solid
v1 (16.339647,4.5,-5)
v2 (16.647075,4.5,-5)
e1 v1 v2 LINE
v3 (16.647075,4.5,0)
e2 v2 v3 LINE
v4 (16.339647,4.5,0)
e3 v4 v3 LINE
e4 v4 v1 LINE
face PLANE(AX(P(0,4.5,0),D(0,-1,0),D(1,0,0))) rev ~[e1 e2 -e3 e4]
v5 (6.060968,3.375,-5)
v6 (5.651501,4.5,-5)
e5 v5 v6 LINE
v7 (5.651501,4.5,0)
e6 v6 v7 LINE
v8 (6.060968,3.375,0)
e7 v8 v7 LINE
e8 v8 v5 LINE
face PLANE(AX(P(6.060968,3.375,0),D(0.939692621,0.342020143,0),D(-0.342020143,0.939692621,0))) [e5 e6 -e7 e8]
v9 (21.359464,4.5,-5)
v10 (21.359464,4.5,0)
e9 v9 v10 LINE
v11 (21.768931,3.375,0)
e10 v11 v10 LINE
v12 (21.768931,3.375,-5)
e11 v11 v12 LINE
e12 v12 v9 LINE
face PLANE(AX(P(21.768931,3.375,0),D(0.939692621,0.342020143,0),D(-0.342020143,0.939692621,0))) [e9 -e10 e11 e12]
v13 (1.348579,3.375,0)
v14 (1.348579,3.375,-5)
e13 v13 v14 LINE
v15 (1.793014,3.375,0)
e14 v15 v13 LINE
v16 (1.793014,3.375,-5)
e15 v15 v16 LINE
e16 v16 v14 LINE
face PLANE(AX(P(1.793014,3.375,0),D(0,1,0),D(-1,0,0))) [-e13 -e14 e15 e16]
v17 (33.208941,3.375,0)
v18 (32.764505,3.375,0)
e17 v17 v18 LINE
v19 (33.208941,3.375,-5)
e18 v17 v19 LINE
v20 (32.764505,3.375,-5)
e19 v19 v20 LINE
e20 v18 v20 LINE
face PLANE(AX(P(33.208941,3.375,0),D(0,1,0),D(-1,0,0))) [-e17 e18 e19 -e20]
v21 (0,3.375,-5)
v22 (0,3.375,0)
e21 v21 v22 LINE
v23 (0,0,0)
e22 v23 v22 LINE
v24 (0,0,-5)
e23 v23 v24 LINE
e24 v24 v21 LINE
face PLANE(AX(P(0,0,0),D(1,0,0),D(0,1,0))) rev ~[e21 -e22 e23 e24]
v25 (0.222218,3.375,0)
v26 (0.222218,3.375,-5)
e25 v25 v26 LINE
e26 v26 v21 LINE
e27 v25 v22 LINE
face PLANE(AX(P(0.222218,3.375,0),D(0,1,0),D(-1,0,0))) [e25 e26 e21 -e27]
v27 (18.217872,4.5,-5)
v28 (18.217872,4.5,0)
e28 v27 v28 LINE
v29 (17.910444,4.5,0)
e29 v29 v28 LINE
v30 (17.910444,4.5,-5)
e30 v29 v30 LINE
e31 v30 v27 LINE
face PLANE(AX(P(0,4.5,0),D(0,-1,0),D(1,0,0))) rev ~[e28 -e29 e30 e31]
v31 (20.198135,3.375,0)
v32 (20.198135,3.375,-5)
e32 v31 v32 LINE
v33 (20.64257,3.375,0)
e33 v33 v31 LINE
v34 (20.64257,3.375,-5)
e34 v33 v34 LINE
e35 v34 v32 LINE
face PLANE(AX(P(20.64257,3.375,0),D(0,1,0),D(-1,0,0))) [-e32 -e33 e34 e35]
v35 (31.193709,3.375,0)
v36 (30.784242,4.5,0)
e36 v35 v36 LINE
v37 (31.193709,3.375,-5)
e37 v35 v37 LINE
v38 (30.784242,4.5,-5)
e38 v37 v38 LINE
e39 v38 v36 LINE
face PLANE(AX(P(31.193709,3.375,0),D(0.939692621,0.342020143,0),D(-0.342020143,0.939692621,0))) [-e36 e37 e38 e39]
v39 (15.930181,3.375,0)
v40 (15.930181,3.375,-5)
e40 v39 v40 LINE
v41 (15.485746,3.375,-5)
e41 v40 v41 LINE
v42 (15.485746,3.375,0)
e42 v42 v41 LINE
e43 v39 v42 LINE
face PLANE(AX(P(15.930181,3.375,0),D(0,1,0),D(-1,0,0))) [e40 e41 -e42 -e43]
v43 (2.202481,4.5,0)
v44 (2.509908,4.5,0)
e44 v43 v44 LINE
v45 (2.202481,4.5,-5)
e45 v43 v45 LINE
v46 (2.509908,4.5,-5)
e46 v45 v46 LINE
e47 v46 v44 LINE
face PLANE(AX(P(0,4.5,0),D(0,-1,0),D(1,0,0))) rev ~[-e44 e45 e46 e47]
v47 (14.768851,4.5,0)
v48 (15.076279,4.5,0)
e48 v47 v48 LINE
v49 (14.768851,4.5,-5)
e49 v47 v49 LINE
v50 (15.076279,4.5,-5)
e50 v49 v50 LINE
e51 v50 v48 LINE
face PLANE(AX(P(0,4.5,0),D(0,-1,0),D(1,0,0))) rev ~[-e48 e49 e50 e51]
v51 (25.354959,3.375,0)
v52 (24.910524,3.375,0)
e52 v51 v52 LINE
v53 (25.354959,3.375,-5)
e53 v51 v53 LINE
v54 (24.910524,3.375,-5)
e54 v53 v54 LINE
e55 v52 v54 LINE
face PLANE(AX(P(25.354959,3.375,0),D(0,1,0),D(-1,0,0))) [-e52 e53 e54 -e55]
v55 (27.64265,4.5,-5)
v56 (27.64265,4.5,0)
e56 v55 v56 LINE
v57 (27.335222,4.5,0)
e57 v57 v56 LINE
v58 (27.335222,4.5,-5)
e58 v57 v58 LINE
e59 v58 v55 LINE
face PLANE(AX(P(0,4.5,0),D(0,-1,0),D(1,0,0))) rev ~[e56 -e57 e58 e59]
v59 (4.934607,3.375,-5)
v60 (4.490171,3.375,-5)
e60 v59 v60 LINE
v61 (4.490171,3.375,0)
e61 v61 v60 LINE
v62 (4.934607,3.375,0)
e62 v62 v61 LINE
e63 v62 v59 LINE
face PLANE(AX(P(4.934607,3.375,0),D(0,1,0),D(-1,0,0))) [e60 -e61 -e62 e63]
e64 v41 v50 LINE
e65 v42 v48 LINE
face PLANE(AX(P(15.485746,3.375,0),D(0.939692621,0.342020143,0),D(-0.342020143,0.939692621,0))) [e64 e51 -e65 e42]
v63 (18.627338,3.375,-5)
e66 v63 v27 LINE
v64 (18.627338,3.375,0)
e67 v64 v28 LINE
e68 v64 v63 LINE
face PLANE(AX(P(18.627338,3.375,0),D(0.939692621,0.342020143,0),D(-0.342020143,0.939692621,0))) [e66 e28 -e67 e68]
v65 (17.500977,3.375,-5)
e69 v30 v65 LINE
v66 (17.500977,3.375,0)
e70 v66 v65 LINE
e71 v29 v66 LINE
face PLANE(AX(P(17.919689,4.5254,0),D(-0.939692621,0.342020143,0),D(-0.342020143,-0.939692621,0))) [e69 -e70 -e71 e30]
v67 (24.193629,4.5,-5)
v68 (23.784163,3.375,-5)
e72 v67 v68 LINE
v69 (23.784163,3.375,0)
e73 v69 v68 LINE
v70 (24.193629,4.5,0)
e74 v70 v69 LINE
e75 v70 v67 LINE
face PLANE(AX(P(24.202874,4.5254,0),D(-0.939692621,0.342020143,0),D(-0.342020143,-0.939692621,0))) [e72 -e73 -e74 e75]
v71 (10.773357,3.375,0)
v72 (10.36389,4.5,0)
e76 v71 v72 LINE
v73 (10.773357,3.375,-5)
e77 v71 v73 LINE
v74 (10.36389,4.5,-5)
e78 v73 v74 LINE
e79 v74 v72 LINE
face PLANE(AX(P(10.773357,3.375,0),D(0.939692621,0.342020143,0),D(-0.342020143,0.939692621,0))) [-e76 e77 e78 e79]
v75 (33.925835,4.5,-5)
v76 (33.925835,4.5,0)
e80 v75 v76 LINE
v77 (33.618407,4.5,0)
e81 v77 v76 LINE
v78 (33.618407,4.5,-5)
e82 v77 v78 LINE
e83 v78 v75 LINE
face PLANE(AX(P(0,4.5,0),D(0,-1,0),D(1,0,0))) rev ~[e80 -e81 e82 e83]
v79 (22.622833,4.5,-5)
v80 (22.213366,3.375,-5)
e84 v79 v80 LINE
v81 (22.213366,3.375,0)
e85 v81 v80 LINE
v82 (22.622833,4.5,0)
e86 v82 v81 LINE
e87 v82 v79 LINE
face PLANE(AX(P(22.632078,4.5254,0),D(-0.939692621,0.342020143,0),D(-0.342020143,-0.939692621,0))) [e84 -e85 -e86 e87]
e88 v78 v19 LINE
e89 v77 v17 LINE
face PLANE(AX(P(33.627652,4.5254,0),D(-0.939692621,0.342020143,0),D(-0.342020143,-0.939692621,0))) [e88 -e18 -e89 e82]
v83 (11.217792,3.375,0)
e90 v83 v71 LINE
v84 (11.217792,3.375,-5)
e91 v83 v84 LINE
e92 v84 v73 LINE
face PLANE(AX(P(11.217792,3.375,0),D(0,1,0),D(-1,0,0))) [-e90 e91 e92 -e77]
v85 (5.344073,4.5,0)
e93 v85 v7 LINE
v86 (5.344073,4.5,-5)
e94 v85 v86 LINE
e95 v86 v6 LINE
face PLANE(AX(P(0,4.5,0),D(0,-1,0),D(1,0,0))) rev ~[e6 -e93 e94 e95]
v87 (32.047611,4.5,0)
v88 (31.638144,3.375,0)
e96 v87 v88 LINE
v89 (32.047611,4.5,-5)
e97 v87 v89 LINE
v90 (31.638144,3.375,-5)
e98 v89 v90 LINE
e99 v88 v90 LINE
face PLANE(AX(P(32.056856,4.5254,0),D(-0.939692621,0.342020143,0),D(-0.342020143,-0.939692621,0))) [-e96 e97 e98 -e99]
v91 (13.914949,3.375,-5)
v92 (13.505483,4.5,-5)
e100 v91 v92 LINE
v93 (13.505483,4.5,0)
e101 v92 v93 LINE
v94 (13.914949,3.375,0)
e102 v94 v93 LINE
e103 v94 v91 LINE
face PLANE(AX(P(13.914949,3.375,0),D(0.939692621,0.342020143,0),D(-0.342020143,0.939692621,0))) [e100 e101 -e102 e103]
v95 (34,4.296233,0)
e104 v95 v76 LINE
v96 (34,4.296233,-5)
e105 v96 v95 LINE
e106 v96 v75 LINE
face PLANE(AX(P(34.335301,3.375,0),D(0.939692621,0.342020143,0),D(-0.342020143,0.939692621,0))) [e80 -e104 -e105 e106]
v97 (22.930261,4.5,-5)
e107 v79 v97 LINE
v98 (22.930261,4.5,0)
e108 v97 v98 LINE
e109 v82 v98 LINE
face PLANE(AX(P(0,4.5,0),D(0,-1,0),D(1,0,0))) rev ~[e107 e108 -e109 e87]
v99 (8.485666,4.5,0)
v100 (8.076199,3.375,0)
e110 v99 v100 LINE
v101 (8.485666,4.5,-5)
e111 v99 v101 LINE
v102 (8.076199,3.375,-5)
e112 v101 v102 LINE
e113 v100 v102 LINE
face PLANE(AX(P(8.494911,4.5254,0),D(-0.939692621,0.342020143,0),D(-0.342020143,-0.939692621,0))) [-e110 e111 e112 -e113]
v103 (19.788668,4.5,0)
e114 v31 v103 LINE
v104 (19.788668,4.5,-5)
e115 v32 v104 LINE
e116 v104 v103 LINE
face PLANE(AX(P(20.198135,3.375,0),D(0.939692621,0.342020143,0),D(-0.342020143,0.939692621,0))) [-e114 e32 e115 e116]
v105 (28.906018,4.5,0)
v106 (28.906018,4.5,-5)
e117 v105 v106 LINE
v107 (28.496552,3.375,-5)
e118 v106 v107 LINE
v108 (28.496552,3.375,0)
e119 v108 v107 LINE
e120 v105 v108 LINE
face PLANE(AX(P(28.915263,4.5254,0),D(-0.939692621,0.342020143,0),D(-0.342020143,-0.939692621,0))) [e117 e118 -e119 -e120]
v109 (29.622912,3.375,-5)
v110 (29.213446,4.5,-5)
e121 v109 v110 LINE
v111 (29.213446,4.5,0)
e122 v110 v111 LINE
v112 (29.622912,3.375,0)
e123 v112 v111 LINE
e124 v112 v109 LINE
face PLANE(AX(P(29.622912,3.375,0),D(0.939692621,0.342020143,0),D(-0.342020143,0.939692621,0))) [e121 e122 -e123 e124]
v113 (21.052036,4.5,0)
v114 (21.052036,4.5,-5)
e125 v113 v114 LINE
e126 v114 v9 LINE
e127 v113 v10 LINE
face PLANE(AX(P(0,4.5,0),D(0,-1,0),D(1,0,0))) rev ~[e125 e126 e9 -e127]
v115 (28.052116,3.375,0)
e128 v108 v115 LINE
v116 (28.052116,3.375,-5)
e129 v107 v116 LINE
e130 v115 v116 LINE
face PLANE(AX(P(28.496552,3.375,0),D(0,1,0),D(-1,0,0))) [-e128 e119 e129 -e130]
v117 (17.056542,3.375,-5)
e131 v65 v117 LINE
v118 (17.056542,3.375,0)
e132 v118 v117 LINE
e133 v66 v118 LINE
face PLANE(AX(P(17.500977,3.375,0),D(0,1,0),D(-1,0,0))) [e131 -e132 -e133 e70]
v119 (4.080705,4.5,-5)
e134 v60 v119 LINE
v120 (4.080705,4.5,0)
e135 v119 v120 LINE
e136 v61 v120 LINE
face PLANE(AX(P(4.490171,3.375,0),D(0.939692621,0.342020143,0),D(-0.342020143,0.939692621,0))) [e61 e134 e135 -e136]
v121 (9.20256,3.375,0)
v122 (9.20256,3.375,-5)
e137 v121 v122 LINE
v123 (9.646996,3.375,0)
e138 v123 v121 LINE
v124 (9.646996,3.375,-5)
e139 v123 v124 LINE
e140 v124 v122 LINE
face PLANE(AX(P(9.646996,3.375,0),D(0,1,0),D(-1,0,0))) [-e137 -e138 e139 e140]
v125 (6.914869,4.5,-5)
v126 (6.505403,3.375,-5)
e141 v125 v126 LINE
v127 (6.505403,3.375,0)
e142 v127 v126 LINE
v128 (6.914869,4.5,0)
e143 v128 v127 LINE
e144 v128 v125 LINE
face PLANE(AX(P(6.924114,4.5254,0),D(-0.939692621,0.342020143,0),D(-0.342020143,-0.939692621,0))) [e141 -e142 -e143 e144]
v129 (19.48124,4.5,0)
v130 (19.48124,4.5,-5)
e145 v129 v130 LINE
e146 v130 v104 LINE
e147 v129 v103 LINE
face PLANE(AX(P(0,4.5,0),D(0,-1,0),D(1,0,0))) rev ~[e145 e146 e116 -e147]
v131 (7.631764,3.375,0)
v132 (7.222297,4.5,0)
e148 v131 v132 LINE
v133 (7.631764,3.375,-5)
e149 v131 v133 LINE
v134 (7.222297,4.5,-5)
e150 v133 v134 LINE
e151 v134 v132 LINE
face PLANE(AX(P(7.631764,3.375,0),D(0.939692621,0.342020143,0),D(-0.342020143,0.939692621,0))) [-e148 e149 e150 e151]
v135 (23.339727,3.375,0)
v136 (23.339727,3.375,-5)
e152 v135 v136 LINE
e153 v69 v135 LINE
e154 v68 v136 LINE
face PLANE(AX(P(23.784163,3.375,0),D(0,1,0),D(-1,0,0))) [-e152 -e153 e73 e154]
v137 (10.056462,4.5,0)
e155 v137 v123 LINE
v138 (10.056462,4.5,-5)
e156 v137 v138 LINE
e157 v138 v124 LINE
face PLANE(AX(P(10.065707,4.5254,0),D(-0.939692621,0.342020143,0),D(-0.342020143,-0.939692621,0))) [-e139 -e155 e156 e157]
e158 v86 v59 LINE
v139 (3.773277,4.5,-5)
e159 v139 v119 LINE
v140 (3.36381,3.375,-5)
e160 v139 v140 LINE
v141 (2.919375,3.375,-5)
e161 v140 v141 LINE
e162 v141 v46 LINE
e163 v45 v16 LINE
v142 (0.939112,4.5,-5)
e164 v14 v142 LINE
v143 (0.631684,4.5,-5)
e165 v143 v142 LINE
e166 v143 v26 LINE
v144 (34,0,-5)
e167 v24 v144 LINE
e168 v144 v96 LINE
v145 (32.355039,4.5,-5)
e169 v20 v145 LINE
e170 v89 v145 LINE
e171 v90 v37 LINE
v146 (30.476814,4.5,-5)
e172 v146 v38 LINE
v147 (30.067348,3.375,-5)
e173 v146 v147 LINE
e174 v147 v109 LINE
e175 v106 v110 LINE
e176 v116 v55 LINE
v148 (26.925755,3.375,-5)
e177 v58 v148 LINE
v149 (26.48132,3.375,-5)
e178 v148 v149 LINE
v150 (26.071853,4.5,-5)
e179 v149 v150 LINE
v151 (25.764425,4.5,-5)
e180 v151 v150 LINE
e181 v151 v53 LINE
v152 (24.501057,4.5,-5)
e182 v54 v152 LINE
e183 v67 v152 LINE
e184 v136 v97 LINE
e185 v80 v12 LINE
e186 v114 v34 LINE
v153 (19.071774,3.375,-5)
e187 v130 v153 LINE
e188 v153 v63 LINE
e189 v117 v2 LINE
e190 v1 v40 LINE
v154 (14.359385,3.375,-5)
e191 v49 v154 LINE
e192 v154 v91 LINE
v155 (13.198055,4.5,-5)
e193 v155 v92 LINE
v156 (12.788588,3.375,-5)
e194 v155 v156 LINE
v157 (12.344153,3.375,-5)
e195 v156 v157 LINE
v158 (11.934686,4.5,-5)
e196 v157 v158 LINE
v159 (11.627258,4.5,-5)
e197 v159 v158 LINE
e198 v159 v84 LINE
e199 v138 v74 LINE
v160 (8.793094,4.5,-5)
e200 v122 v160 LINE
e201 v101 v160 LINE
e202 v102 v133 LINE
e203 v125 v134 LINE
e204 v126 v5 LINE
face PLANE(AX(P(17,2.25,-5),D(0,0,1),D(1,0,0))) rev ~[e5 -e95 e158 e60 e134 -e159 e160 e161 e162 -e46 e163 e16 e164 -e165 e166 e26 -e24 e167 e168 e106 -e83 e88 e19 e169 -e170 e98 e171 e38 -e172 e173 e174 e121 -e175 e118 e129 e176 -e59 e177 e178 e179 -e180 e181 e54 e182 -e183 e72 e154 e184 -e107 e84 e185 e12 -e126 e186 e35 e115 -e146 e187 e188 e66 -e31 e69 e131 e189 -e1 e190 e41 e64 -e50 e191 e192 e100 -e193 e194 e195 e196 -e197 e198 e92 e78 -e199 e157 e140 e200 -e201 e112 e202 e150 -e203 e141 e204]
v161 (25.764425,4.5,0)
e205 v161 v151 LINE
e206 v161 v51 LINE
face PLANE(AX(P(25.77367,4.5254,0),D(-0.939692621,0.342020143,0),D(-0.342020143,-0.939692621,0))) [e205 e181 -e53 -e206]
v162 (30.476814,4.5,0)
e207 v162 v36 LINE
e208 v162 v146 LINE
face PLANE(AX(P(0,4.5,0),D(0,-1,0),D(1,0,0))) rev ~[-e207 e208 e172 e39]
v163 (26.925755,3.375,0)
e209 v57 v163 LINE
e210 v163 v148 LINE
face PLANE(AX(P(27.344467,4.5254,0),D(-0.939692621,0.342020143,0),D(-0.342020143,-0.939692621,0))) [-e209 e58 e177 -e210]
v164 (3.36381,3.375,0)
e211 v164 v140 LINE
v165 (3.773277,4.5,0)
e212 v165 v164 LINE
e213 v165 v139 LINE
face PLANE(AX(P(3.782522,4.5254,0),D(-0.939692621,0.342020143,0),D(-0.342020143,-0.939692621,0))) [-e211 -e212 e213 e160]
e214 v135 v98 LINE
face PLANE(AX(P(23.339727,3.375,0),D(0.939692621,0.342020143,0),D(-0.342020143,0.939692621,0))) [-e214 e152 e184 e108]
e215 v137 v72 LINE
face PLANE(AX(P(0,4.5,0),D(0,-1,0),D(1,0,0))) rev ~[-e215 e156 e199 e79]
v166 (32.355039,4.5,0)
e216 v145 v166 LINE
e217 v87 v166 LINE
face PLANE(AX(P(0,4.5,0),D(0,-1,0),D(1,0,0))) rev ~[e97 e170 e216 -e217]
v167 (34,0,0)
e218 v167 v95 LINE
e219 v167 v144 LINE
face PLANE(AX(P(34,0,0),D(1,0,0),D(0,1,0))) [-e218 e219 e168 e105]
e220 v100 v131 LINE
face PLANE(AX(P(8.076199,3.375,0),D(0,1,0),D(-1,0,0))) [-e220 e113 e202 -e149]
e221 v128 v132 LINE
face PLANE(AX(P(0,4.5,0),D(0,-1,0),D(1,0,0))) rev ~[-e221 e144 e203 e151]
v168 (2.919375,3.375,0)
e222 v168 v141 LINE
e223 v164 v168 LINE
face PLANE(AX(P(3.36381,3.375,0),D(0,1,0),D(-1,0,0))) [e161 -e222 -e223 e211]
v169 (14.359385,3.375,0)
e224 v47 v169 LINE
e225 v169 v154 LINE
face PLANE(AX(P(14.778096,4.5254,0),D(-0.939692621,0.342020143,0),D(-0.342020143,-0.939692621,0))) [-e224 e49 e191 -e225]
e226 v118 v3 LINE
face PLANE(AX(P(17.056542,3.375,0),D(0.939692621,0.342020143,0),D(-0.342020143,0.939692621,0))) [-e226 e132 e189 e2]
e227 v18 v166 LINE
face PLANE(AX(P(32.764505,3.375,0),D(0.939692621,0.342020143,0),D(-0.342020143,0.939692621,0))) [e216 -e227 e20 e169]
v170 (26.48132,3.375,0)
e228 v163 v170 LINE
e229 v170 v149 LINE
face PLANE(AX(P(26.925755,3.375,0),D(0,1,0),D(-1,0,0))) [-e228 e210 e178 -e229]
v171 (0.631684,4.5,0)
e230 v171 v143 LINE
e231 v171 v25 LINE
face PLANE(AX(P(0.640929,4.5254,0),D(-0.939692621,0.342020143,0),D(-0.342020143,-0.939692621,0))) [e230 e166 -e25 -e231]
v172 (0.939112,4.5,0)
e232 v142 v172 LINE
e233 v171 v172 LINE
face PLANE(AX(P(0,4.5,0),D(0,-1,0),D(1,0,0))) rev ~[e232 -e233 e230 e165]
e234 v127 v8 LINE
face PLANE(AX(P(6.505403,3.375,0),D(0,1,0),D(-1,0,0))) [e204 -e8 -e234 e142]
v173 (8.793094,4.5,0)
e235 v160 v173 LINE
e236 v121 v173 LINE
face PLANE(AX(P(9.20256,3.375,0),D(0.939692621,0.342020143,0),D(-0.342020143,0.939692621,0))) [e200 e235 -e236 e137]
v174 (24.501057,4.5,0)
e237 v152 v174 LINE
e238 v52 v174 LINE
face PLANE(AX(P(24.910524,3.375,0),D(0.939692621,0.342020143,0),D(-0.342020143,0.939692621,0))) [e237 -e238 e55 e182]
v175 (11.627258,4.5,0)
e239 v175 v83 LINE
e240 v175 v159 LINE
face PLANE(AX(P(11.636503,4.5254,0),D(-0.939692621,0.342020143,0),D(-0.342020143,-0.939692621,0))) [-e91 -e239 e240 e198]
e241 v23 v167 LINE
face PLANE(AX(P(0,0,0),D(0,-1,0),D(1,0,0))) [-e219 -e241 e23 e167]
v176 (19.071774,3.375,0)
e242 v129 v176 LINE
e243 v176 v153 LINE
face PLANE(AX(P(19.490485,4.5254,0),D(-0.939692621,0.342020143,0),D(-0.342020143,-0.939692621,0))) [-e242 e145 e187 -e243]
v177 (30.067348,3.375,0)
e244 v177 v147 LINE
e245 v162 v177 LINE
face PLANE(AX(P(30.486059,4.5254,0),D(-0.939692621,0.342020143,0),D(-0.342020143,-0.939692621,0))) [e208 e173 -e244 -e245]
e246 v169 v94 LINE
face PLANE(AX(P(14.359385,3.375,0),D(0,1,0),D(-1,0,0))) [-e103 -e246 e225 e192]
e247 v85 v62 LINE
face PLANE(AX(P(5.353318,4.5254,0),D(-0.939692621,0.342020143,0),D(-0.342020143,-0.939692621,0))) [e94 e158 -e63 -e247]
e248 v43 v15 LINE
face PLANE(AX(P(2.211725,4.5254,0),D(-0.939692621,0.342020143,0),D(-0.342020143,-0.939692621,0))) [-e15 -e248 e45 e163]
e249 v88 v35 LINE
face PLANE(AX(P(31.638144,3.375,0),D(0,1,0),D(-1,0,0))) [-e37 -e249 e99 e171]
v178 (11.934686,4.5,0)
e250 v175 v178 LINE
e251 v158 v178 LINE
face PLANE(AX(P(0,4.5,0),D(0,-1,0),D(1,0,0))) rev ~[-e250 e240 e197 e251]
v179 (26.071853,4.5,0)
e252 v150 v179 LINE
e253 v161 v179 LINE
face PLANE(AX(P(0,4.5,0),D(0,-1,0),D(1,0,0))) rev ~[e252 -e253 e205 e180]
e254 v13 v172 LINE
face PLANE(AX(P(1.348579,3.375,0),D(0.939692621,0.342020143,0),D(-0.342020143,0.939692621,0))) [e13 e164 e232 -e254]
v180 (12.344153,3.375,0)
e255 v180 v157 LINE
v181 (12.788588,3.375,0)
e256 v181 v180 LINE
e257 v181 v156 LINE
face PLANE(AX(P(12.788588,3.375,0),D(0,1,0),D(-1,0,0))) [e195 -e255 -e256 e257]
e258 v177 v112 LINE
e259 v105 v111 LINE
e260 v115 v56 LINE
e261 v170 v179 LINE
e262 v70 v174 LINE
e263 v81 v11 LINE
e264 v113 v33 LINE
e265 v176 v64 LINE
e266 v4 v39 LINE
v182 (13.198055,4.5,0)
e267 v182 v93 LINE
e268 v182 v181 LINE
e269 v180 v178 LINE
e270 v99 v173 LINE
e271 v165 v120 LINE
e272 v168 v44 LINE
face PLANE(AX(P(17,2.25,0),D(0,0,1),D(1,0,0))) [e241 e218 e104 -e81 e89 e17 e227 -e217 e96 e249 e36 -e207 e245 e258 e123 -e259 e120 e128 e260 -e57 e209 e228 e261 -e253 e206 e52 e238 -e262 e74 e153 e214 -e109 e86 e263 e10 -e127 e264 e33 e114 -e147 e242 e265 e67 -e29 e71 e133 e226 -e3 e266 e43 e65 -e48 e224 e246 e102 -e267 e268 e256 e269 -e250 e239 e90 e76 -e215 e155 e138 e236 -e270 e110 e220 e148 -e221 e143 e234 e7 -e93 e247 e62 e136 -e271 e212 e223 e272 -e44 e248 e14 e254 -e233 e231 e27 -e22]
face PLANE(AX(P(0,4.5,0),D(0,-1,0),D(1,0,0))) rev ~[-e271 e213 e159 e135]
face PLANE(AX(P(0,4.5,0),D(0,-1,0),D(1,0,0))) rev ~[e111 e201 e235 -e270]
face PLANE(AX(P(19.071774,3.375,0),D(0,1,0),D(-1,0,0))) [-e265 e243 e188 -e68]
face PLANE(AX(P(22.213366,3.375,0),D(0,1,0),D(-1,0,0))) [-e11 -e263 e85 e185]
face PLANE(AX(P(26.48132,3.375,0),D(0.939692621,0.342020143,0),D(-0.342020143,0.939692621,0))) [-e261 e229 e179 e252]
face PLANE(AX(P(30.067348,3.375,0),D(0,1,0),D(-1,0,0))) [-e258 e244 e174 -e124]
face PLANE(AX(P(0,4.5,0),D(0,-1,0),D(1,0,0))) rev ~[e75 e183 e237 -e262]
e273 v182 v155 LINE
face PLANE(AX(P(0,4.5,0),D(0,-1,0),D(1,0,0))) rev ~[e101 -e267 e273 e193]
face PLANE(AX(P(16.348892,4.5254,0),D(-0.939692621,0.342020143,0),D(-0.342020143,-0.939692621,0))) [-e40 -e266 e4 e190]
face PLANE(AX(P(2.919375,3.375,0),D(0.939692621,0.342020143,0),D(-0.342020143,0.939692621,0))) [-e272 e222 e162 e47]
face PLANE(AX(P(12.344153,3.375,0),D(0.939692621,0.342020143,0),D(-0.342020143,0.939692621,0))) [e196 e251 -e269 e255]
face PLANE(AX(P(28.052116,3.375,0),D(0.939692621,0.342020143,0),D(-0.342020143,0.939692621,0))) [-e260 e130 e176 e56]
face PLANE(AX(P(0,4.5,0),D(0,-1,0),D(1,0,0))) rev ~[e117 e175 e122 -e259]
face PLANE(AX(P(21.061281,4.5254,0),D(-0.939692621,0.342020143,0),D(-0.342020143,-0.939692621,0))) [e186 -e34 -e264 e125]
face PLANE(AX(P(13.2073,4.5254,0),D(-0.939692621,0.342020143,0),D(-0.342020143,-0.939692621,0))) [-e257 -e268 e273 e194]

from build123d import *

# Parameters (mm, degrees)
BLANKSKE_W        = 34
BLANKSKE_H        = 4.5
BLANK_DEPTH       = 5
TOOTHCUTSIM_DEPTH = 35.659053651
TEETHCUTS_COUNT   = 23
TEETHCUTS_PITCH   = 1.570796325


with BuildPart() as part:
    # BlankSke → Blank (new body)
    with BuildSketch(Plane.XY):
        with Locations((17, 2.25)):
            Rectangle(BLANKSKE_W, BLANKSKE_H)
    extrude(amount=-BLANK_DEPTH)

    # TooCutSkeSim → ToothCutSim (cut, through all)
    with BuildSketch(Plane.XY):
        Polygon((0.222217685, 3.375), (-0.222217685, 3.375), (-0.640929042, 4.5254), (0.640929042, 4.5254), align=None)
    toothcutsim = extrude(amount=-TOOTHCUTSIM_DEPTH, mode=Mode.SUBTRACT)

    # TeethCuts: ToothCutSim ×23
    with Locations(*[(i * TEETHCUTS_PITCH, 0, 0) for i in range(1, TEETHCUTS_COUNT)]):
        add(toothcutsim, mode=Mode.SUBTRACT)


solid = part.part
